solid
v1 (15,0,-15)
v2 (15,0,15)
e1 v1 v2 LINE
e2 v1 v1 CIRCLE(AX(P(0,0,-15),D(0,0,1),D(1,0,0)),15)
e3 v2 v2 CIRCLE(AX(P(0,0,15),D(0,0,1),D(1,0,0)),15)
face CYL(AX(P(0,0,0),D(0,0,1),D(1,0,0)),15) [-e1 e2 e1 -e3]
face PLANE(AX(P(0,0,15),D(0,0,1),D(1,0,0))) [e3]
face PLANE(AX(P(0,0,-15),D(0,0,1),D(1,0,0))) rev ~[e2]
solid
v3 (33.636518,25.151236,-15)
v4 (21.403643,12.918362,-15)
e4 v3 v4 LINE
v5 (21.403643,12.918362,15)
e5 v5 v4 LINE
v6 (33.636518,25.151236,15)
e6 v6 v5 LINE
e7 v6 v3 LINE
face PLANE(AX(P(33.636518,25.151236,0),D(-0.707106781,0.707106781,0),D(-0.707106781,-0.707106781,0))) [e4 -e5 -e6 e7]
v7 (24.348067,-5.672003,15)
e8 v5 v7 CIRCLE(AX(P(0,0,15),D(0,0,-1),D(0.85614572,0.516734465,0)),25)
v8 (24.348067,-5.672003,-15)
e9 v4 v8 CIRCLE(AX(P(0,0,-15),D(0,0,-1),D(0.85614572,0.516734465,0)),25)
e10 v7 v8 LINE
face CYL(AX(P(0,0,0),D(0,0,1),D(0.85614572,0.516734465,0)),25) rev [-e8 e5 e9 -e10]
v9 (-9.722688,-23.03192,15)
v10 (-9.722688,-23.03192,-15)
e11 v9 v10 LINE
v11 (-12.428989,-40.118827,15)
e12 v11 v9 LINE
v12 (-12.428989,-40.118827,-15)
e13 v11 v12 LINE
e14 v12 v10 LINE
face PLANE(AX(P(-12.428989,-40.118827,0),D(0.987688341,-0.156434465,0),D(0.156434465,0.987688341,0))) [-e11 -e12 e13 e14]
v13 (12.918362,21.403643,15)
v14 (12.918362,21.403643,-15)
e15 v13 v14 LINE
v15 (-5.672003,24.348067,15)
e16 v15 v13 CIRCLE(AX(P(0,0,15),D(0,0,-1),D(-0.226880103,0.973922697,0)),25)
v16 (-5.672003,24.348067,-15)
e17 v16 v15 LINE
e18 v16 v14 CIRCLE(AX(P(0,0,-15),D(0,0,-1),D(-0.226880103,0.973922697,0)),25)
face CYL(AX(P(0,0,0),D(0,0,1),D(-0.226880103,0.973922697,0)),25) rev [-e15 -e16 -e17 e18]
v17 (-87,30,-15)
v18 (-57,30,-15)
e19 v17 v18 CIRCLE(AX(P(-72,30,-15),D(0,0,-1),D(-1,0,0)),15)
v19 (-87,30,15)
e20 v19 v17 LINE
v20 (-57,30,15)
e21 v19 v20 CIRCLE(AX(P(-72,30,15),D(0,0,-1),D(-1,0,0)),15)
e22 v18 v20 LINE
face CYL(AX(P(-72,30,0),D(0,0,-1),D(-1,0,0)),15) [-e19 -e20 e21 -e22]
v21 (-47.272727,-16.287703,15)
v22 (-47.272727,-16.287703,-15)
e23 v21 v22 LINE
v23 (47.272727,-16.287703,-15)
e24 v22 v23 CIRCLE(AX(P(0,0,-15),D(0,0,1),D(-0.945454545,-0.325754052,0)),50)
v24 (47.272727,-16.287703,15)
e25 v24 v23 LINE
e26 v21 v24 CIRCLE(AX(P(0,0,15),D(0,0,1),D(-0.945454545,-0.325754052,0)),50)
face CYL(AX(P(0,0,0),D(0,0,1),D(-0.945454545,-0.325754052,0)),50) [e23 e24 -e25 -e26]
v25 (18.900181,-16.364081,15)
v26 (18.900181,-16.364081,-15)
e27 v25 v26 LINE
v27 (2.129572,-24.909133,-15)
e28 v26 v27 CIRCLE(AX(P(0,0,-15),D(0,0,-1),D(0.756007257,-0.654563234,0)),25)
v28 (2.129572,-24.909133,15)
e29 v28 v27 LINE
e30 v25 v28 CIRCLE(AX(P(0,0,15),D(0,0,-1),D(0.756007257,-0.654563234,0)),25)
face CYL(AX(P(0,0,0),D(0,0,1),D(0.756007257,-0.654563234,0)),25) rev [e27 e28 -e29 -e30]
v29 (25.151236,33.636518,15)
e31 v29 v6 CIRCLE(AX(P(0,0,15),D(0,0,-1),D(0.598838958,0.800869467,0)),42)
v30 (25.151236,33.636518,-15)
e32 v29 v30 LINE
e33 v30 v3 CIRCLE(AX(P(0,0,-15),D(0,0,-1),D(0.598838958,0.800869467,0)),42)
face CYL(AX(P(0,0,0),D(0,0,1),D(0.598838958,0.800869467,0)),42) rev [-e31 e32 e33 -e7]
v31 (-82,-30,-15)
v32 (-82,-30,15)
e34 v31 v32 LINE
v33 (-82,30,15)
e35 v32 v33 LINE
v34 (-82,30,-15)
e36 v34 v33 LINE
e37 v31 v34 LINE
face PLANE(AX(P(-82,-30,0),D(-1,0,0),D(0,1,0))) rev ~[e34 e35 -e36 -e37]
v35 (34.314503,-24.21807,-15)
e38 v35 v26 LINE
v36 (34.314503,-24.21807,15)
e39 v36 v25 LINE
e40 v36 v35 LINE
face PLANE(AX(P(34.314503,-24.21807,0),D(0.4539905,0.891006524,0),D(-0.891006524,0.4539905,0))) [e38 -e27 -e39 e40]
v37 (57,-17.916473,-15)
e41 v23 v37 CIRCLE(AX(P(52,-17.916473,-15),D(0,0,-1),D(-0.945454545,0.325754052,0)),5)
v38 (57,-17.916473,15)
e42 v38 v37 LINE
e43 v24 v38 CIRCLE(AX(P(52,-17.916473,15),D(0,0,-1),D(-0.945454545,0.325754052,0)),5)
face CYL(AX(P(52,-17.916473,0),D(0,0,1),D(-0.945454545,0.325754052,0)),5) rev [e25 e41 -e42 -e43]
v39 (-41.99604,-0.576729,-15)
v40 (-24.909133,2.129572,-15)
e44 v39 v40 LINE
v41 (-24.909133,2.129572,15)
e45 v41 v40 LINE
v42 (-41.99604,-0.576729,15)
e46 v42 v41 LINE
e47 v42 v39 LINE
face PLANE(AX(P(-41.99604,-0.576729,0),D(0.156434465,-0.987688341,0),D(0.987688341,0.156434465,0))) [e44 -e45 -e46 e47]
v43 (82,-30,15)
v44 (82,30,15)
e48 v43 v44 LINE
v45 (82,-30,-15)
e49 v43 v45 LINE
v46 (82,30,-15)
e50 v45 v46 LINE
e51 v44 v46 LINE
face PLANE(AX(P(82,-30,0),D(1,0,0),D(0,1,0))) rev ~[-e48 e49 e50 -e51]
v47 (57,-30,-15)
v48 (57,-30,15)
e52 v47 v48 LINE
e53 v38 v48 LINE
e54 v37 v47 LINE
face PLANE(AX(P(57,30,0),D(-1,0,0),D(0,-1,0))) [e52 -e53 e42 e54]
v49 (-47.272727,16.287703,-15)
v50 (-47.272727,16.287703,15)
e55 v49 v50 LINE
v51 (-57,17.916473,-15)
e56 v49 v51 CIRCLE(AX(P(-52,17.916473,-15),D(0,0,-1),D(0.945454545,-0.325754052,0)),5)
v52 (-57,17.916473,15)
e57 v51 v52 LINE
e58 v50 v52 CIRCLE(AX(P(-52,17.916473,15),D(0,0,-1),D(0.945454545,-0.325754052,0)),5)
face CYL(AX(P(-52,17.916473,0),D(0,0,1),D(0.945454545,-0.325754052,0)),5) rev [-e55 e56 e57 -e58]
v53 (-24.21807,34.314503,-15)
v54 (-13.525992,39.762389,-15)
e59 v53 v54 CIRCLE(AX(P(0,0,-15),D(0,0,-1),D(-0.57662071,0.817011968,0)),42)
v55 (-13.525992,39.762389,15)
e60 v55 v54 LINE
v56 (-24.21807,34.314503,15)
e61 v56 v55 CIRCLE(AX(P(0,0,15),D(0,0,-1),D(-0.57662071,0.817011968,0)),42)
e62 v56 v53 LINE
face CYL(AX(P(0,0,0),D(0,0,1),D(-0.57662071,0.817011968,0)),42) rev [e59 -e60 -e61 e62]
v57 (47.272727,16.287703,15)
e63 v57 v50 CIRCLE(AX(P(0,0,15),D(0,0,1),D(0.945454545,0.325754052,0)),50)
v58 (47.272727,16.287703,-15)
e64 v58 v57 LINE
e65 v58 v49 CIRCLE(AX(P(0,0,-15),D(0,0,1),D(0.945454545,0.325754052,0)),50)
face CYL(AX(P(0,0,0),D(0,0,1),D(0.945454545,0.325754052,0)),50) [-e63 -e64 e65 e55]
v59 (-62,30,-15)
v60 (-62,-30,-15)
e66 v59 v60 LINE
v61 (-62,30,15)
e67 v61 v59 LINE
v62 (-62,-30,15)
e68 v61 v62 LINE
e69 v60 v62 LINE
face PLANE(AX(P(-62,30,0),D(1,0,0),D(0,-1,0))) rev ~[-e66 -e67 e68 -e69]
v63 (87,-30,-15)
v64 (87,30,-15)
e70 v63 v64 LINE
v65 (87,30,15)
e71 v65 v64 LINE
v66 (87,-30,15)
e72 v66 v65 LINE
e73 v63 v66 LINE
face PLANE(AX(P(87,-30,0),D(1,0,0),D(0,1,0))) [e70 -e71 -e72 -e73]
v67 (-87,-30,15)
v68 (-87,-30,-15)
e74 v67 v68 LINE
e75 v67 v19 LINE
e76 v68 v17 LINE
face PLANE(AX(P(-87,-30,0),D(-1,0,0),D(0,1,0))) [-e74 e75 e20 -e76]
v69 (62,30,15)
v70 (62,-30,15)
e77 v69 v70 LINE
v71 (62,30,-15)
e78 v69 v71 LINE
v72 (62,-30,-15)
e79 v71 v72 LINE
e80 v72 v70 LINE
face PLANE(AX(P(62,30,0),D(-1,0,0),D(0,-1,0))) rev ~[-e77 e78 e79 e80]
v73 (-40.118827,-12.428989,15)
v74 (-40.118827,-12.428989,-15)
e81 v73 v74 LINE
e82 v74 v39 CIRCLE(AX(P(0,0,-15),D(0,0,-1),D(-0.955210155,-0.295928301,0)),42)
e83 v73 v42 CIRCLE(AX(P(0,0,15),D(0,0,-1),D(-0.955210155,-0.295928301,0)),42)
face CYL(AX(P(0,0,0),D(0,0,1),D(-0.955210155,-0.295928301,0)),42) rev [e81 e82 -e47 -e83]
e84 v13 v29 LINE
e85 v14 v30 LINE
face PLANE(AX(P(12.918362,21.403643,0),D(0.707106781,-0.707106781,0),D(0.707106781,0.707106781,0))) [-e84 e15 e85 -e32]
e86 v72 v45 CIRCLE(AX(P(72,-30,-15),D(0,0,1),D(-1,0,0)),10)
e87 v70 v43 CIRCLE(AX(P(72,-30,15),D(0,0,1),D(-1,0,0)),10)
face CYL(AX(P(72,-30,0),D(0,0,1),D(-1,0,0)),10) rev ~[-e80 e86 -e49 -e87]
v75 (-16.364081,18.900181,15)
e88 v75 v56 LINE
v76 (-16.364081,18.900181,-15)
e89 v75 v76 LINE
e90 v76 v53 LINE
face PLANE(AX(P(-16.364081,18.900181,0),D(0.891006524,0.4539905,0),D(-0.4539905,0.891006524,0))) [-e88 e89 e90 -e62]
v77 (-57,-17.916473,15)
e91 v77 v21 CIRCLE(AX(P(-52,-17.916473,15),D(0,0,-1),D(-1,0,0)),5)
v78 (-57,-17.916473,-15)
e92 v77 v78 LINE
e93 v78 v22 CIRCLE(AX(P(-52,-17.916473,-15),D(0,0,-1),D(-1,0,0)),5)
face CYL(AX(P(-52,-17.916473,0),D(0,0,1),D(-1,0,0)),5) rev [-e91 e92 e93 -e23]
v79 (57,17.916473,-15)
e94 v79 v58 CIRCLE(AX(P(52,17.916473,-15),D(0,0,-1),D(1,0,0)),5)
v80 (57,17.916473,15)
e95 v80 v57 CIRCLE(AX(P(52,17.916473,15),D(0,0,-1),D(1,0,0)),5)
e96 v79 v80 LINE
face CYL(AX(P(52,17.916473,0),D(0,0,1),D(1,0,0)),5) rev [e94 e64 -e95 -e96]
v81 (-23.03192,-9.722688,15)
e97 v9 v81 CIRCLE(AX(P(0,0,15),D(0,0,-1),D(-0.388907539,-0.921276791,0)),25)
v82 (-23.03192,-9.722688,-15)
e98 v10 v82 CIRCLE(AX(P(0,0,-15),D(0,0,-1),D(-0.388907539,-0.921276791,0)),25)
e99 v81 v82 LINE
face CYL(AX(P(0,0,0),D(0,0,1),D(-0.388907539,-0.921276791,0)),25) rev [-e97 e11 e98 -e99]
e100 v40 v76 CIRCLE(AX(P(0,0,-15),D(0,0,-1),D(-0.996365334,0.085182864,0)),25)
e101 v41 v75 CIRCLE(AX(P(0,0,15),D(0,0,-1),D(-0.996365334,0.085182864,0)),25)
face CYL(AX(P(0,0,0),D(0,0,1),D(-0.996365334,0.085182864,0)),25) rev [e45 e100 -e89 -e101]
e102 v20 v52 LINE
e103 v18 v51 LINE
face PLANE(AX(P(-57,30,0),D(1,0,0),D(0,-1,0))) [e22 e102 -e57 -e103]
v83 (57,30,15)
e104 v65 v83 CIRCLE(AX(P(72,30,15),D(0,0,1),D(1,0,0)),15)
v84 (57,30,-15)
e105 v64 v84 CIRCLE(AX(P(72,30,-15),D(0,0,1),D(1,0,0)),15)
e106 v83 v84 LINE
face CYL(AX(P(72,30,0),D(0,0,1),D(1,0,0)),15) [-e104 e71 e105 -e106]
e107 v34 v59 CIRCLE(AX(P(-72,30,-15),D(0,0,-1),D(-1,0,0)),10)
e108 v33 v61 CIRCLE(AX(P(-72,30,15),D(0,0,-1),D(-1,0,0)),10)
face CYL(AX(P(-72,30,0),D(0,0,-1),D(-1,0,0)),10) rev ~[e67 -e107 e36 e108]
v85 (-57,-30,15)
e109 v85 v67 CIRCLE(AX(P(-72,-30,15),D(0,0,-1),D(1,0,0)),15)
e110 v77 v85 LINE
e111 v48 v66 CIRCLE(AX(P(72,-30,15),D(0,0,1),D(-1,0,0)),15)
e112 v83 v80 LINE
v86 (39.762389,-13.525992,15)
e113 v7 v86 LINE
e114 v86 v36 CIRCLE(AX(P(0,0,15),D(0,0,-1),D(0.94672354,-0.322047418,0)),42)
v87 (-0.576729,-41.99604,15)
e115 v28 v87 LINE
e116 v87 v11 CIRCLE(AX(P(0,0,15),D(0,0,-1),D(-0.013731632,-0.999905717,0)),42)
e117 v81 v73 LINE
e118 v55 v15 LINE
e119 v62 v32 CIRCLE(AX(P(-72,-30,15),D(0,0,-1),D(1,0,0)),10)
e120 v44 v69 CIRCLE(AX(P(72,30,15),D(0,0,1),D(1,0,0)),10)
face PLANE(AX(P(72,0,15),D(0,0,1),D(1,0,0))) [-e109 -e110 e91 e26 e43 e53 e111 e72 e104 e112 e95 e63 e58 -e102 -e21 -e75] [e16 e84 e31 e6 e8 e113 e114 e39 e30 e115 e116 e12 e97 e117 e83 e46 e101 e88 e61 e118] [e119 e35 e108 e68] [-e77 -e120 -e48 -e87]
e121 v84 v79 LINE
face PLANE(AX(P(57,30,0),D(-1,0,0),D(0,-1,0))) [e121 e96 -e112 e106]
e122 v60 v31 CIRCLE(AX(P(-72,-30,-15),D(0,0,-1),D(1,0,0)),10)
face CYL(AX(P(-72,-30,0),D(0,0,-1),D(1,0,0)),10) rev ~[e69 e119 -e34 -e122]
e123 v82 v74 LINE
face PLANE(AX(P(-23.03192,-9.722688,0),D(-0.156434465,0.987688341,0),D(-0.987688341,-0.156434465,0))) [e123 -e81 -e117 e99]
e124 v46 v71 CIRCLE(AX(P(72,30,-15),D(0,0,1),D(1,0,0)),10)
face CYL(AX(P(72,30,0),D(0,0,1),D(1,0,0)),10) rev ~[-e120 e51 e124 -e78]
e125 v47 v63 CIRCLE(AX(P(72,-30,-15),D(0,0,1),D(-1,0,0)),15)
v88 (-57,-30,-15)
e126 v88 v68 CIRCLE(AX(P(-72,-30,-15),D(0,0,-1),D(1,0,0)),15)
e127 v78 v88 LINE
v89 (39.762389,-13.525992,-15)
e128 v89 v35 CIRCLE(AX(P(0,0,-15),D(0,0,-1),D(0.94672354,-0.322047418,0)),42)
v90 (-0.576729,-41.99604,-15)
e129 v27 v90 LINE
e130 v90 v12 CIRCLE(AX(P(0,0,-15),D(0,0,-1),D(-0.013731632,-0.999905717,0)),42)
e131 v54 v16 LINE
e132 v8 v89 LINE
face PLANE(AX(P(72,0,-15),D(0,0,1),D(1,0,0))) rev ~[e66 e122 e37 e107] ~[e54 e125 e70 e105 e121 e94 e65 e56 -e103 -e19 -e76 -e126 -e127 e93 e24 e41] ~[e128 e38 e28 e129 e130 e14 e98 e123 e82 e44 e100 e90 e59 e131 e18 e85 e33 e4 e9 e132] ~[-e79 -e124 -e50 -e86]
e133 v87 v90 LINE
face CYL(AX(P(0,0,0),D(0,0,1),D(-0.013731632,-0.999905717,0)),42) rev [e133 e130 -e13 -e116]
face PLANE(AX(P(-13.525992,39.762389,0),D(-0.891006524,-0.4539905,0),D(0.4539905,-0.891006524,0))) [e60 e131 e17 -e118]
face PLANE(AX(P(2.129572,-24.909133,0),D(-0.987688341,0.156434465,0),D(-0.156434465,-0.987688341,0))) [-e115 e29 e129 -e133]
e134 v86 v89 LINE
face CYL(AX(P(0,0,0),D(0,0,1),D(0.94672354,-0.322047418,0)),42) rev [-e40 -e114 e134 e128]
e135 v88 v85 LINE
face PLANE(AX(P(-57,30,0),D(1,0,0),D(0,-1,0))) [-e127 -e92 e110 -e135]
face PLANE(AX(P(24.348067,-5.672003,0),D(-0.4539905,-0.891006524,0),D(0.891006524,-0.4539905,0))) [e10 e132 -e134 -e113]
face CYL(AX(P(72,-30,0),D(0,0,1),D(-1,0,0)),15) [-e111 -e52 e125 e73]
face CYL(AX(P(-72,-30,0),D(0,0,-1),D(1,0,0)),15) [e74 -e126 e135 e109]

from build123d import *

# Parameters (mm, degrees)
SKETCH1_R           = 15
BOSS_EXTRUDE1_DEPTH = 15
BOSS_EXTRUDE2_DEPTH = 15
BOSS_EXTRUDE3_DEPTH = 15


with BuildPart() as part:
    # Sketch1 → Boss-Extrude1 (new, symmetric)
    with BuildSketch(Plane.XY):
        Circle(SKETCH1_R)
    extrude(amount=BOSS_EXTRUDE1_DEPTH, both=True)


with BuildPart() as body_2:
    # Sketch1<3> → Boss-Extrude2 (new, symmetric)
    with BuildSketch(Plane.XY):
        with BuildLine():
            Line((57, -17.916472867), (57, 17.916472867))
            ThreePointArc((57, 17.916472867), (52.825722824, 12.985126011), (47.272727273, 16.287702607))
            ThreePointArc((47.272727273, 16.287702607), (0, 50), (-47.272727273, 16.287702607))
            ThreePointArc((-47.272727273, 16.287702607), (-52.825722824, 12.985126011), (-57, 17.916472867))
            Line((-57, 17.916472867), (-57, -17.916472867))
            ThreePointArc((-57, -17.916472867), (-52.825722824, -12.985126011), (-47.272727273, -16.287702607))
            ThreePointArc((-47.272727273, -16.287702607), (0, -50), (47.272727273, -16.287702607))
            ThreePointArc((47.272727273, -16.287702607), (52.825722824, -12.985126011), (57, -17.916472867))
        make_face()
        with BuildLine():
            ThreePointArc((-5.672002568, 24.348067415), (3.910861626, 24.692208515), (12.918361615, 21.403642989))
            Line((12.918361615, 21.403642989), (25.151236226, 33.636517601))
            ThreePointArc((25.151236226, 33.636517601), (29.69848481, 29.69848481), (33.636517601, 25.151236226))
            Line((33.636517601, 25.151236226), (21.403642989, 12.918361615))
            ThreePointArc((21.403642989, 12.918361615), (24.692208515, 3.910861626), (24.348067415, -5.672002568))
            Line((24.348067415, -5.672002568), (39.762388673, -13.525991536))
            ThreePointArc((39.762388673, -13.525991536), (37.422274016, -19.067600989), (34.314502676, -24.218069826))
            Line((34.314502676, -24.218069826), (18.900181419, -16.364080859))
            ThreePointArc((18.900181419, -16.364080859), (11.349762493, -22.275163105), (2.129571608, -24.90913336))
            Line((2.129571608, -24.90913336), (-0.576728553, -41.996040101))
            ThreePointArc((-0.576728553, -41.996040101), (-6.570247532, -41.482910305), (-12.42898864, -40.118826521))
            Line((-12.42898864, -40.118826521), (-9.722688479, -23.03191978))
            ThreePointArc((-9.722688479, -23.03191978), (-17.67766953, -17.67766953), (-23.03191978, -9.722688479))
            Line((-23.03191978, -9.722688479), (-40.118826521, -12.42898864))
            ThreePointArc((-40.118826521, -12.42898864), (-41.482910305, -6.570247532), (-41.996040101, -0.576728553))
            Line((-41.996040101, -0.576728553), (-24.90913336, 2.129571608))
            ThreePointArc((-24.90913336, 2.129571608), (-22.275163105, 11.349762493), (-16.364080859, 18.900181419))
            Line((-16.364080859, 18.900181419), (-24.218069826, 34.314502676))
            ThreePointArc((-24.218069826, 34.314502676), (-19.067600989, 37.422274016), (-13.525991536, 39.762388673))
            Line((-13.525991536, 39.762388673), (-5.672002568, 24.348067415))
        make_face(mode=Mode.SUBTRACT)
    extrude(amount=BOSS_EXTRUDE2_DEPTH, both=True)

    # Sketch1<4> → Boss-Extrude3 (add, symmetric)
    # profile 1 of 2: a face of its own
    with BuildSketch(Plane.XY):
        with BuildLine():
            Line((87, -30), (87, 30))
            ThreePointArc((87, 30), (72, 45), (57, 30))
            Line((57, 30), (57, -30))
            ThreePointArc((57, -30), (72, -45), (87, -30))
        make_face()
        with BuildLine():
            ThreePointArc((62, 30), (72, 40), (82, 30))
            Line((82, 30), (82, -30))
            ThreePointArc((82, -30), (72, -40), (62, -30))
            Line((62, -30), (62, 30))
        make_face(mode=Mode.SUBTRACT)
    # profile 2 of 2: a face of its own
    with BuildSketch(Plane.XY):
        with BuildLine():
            Line((-57, -30), (-57, 30))
            ThreePointArc((-57, 30), (-72, 45), (-87, 30))
            Line((-87, 30), (-87, -30))
            ThreePointArc((-87, -30), (-72, -45), (-57, -30))
        make_face()
        with BuildLine():
            Line((-82, -30), (-82, 30))
            ThreePointArc((-82, 30), (-72, 40), (-62, 30))
            Line((-62, 30), (-62, -30))
            ThreePointArc((-62, -30), (-72, -40), (-82, -30))
        make_face(mode=Mode.SUBTRACT)
    extrude(amount=BOSS_EXTRUDE3_DEPTH, both=True)


solid = Compound([part.part, body_2.part])
